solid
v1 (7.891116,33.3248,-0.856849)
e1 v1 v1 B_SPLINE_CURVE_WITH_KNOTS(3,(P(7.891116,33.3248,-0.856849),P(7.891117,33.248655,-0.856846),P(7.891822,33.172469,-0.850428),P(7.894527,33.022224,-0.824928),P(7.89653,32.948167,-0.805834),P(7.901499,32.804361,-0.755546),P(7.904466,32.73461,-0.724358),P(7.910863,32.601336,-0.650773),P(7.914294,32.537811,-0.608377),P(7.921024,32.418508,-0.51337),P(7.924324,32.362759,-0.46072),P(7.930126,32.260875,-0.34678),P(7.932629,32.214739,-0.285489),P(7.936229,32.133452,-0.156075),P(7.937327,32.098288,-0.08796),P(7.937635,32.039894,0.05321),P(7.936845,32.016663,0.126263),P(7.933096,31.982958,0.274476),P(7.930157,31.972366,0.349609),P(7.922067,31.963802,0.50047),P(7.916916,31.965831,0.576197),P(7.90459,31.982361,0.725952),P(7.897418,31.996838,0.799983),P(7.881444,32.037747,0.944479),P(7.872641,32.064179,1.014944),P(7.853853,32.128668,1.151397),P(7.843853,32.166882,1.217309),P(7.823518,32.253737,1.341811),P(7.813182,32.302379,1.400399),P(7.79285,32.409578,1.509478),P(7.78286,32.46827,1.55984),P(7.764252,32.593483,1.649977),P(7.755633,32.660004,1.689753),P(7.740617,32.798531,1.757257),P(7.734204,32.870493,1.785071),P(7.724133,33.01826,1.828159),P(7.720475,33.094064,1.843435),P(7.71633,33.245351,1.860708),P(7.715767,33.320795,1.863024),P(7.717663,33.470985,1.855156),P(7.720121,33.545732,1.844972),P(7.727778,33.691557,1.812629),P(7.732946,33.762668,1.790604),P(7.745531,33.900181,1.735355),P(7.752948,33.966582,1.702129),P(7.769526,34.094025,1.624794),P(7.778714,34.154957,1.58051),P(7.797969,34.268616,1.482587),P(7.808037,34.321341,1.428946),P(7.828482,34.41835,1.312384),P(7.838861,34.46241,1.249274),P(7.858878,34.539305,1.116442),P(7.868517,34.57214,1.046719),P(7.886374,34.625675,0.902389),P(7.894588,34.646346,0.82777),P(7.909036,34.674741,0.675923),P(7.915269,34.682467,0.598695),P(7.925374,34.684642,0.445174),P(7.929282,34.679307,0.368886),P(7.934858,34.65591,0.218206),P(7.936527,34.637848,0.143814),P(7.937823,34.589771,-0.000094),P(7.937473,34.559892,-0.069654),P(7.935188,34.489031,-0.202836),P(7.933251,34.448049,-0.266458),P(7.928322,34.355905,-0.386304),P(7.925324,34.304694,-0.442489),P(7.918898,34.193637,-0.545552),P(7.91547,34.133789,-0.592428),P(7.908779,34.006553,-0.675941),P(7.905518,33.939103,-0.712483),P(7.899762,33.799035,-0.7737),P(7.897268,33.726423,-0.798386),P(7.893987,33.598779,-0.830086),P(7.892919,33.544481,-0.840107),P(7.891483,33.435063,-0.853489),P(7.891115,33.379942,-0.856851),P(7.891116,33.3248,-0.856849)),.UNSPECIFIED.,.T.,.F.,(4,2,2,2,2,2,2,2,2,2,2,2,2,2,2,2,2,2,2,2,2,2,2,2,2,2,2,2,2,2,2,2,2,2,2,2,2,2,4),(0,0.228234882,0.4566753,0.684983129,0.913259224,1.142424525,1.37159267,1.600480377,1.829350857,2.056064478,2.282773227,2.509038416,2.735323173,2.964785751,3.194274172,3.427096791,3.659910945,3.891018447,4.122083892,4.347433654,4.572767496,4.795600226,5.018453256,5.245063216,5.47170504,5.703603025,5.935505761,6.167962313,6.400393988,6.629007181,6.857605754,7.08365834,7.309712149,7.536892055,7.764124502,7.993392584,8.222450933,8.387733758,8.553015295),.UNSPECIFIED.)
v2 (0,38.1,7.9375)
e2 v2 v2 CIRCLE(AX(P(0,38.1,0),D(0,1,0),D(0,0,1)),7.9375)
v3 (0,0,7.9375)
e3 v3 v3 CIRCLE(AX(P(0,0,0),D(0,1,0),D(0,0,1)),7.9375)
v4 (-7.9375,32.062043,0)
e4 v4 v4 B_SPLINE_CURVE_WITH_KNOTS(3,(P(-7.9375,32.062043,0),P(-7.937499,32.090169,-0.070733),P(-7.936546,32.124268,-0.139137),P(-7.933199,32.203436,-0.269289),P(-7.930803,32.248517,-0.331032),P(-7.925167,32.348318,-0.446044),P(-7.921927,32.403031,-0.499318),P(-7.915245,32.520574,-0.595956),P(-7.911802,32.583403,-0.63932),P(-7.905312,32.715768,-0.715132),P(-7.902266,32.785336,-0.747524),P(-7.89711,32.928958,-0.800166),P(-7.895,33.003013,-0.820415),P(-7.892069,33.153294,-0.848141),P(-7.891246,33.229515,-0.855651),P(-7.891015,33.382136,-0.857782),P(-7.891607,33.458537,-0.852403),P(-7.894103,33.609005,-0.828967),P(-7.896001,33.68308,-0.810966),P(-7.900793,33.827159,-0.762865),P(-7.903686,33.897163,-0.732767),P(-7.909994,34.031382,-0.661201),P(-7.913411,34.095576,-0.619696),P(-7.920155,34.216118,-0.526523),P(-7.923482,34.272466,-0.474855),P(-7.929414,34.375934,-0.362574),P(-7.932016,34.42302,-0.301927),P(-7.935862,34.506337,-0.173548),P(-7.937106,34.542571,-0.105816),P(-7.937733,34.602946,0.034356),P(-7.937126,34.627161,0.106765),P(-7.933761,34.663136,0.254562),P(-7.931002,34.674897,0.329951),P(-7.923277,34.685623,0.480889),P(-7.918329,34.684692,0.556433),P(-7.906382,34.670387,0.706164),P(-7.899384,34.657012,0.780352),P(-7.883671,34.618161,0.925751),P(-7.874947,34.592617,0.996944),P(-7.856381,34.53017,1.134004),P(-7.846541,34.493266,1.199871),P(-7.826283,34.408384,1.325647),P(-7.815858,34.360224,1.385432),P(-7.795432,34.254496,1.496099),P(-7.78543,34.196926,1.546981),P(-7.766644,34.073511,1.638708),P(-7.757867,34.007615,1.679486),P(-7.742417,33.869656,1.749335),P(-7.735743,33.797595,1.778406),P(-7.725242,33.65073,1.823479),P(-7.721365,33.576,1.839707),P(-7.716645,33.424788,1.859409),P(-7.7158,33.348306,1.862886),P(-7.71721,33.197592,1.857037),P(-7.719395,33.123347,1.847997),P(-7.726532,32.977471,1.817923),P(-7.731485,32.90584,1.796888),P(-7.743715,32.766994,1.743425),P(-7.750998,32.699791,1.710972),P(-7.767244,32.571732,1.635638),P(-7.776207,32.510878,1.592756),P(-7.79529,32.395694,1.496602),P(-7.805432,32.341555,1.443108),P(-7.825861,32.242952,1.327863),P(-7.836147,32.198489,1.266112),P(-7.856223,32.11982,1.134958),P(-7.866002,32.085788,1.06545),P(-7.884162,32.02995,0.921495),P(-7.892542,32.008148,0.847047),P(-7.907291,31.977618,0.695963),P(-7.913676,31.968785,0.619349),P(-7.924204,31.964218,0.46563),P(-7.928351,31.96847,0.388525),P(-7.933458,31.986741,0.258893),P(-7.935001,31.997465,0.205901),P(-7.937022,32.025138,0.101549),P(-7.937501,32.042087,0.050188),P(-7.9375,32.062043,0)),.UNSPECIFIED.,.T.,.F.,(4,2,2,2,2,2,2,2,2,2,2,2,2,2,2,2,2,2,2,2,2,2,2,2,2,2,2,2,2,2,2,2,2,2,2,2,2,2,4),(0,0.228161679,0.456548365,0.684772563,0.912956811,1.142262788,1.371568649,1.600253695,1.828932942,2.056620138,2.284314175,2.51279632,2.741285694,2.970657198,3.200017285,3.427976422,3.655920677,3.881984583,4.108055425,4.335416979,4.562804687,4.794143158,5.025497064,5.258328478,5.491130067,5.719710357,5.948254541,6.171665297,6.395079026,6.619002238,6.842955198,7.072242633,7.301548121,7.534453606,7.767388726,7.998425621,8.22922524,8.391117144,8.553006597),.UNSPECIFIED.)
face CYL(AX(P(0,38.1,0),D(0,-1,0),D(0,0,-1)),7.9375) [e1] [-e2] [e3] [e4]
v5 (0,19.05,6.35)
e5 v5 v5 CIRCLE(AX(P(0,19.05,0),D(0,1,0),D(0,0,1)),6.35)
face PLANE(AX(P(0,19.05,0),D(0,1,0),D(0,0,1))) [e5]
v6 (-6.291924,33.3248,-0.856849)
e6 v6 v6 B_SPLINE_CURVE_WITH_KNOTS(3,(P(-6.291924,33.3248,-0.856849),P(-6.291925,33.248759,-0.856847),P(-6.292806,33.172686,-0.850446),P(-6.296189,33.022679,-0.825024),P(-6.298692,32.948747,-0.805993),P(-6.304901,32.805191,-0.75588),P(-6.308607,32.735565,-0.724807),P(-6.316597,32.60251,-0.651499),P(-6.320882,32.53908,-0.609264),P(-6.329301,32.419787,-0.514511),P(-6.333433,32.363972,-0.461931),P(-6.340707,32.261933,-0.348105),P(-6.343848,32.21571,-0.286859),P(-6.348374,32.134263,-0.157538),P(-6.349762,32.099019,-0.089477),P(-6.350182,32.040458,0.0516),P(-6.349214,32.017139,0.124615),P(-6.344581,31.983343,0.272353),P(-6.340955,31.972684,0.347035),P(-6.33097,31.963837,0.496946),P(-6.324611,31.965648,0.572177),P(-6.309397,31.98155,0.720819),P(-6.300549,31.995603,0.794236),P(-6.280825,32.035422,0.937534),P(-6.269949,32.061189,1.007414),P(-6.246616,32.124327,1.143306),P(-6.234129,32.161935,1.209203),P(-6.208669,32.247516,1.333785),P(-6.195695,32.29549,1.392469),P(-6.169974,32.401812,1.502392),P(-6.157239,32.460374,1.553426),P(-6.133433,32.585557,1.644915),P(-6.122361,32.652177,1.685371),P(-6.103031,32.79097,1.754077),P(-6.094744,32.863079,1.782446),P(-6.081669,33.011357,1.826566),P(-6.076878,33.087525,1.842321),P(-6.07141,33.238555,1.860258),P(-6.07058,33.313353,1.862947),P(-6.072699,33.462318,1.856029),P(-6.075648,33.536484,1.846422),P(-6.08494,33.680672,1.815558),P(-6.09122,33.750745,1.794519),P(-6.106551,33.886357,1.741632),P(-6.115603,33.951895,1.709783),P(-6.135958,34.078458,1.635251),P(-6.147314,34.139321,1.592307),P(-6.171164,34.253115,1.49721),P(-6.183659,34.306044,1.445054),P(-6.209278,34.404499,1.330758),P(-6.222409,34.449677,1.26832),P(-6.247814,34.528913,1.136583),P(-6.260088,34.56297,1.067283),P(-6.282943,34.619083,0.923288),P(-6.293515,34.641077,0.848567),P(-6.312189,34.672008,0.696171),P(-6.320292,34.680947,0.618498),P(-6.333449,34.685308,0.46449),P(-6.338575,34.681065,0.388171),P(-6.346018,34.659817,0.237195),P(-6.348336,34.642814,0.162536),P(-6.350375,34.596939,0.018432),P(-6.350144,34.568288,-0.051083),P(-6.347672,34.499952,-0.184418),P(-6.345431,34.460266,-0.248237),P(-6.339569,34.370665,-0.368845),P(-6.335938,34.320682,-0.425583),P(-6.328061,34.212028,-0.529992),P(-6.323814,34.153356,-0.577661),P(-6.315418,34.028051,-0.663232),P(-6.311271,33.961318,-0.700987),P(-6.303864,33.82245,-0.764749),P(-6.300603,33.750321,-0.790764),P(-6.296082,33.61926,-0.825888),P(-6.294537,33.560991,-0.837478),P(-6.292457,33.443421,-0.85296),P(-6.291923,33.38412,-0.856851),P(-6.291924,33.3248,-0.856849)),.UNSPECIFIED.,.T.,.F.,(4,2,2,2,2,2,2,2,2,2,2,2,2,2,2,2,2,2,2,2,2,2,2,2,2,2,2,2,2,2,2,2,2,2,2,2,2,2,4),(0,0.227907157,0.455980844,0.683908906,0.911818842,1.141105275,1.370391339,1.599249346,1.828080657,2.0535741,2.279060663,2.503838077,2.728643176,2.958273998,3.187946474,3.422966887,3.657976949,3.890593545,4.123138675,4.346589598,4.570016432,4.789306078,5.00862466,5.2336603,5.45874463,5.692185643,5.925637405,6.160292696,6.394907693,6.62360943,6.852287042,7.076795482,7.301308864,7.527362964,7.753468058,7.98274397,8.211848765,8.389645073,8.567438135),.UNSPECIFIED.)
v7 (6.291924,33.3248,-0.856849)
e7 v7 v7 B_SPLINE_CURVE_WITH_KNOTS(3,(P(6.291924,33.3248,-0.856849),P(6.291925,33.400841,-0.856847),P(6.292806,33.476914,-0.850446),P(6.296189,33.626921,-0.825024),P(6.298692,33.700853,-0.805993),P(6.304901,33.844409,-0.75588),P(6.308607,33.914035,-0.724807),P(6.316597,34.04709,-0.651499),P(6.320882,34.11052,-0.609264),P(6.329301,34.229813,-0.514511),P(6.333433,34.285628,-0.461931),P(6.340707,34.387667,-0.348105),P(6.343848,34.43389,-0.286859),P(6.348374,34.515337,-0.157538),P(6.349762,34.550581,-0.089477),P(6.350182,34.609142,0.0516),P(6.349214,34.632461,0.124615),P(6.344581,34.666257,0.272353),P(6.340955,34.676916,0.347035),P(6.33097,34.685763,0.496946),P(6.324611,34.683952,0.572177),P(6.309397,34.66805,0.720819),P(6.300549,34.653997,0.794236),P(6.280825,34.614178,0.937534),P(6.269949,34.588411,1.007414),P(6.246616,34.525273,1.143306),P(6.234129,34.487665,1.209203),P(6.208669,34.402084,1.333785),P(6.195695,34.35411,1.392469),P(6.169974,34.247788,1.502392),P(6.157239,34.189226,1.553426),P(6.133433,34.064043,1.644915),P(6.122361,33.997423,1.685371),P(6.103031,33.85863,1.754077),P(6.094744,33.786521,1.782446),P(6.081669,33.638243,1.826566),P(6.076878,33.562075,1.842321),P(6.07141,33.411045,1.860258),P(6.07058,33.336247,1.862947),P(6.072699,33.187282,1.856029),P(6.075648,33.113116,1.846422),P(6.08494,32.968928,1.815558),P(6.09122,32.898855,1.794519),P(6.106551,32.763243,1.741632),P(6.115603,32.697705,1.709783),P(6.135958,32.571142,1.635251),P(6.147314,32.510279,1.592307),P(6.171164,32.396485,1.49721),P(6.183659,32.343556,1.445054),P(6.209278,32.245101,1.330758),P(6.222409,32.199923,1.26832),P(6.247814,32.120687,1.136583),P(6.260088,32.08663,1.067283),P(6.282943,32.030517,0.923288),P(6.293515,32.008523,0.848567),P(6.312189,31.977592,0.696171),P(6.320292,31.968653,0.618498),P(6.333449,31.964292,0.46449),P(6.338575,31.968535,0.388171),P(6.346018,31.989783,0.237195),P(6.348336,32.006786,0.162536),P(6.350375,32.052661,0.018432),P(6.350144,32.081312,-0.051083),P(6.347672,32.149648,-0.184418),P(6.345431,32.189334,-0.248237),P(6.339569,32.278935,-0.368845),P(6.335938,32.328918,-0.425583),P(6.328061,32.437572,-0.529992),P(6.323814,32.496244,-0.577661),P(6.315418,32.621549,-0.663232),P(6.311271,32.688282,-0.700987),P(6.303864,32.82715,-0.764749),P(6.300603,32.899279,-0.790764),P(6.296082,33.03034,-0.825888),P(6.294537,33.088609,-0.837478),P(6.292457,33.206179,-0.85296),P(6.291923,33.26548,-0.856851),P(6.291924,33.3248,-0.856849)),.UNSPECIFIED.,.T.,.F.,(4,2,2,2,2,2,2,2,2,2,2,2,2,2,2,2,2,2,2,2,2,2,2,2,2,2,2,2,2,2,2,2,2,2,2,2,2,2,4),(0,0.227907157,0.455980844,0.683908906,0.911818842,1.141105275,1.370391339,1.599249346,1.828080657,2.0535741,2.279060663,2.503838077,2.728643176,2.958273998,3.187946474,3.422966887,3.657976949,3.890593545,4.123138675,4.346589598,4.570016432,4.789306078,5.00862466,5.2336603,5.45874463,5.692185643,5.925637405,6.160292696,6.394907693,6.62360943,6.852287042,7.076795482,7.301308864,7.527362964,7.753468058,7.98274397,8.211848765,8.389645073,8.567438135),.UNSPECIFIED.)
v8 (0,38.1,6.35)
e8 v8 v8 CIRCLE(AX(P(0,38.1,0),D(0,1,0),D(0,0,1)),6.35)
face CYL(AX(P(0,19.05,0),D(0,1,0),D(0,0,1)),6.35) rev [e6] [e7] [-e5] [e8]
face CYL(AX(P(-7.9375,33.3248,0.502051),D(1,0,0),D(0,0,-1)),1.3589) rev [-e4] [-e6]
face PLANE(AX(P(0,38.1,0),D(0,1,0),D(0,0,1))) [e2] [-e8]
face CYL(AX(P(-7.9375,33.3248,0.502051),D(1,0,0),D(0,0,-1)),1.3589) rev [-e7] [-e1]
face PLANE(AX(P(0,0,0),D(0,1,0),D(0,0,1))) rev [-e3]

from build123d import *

# Parameters (mm, degrees)
SKETCH2_R            = 7.9375
PISTONE_BASE_DEPTH   = 38.1
SKETCH3_R            = 6.35
DRILL_HOLE_1_DEPTH   = 19.05
TOP_WHOLE_DEPTH      = 40.71923731
TOP_WHOLE_DEPTH_BACK = 40.71923731
SKETCH6_R            = 1.3589


with BuildPart() as part:
    # Sketch2 → Pistone Base (new body)
    with BuildSketch(Plane(origin=(0, 0, 0), x_dir=(1, 0, 0), z_dir=(0, 1, 0))):
        with Locations(Location((0, 0, 0), (0, 0, 90))):
            Circle(SKETCH2_R)
    extrude(amount=PISTONE_BASE_DEPTH)

    # Sketch3 → Drill Hole 1 (cut)
    with BuildSketch(Plane(origin=(0, 38.1, 0), x_dir=(1, 0, 0), z_dir=(0, 1, 0))):
        with Locations(Location((0, 0, 0), (0, 0, 270))):
            Circle(SKETCH3_R)
    extrude(amount=-DRILL_HOLE_1_DEPTH, mode=Mode.SUBTRACT)

    # Sketch6 → Top Whole (cut, two sides: drawn at the far end of the back side and taken through both)
    with BuildSketch(Plane(origin=(0, 0, 0), x_dir=(0, 0, -1), z_dir=(1, 0, 0)).offset(-TOP_WHOLE_DEPTH_BACK)):
        with Locations((-0.502050886, 33.3248)):
            Circle(SKETCH6_R)
    extrude(amount=TOP_WHOLE_DEPTH + TOP_WHOLE_DEPTH_BACK, mode=Mode.SUBTRACT)


solid = part.part
